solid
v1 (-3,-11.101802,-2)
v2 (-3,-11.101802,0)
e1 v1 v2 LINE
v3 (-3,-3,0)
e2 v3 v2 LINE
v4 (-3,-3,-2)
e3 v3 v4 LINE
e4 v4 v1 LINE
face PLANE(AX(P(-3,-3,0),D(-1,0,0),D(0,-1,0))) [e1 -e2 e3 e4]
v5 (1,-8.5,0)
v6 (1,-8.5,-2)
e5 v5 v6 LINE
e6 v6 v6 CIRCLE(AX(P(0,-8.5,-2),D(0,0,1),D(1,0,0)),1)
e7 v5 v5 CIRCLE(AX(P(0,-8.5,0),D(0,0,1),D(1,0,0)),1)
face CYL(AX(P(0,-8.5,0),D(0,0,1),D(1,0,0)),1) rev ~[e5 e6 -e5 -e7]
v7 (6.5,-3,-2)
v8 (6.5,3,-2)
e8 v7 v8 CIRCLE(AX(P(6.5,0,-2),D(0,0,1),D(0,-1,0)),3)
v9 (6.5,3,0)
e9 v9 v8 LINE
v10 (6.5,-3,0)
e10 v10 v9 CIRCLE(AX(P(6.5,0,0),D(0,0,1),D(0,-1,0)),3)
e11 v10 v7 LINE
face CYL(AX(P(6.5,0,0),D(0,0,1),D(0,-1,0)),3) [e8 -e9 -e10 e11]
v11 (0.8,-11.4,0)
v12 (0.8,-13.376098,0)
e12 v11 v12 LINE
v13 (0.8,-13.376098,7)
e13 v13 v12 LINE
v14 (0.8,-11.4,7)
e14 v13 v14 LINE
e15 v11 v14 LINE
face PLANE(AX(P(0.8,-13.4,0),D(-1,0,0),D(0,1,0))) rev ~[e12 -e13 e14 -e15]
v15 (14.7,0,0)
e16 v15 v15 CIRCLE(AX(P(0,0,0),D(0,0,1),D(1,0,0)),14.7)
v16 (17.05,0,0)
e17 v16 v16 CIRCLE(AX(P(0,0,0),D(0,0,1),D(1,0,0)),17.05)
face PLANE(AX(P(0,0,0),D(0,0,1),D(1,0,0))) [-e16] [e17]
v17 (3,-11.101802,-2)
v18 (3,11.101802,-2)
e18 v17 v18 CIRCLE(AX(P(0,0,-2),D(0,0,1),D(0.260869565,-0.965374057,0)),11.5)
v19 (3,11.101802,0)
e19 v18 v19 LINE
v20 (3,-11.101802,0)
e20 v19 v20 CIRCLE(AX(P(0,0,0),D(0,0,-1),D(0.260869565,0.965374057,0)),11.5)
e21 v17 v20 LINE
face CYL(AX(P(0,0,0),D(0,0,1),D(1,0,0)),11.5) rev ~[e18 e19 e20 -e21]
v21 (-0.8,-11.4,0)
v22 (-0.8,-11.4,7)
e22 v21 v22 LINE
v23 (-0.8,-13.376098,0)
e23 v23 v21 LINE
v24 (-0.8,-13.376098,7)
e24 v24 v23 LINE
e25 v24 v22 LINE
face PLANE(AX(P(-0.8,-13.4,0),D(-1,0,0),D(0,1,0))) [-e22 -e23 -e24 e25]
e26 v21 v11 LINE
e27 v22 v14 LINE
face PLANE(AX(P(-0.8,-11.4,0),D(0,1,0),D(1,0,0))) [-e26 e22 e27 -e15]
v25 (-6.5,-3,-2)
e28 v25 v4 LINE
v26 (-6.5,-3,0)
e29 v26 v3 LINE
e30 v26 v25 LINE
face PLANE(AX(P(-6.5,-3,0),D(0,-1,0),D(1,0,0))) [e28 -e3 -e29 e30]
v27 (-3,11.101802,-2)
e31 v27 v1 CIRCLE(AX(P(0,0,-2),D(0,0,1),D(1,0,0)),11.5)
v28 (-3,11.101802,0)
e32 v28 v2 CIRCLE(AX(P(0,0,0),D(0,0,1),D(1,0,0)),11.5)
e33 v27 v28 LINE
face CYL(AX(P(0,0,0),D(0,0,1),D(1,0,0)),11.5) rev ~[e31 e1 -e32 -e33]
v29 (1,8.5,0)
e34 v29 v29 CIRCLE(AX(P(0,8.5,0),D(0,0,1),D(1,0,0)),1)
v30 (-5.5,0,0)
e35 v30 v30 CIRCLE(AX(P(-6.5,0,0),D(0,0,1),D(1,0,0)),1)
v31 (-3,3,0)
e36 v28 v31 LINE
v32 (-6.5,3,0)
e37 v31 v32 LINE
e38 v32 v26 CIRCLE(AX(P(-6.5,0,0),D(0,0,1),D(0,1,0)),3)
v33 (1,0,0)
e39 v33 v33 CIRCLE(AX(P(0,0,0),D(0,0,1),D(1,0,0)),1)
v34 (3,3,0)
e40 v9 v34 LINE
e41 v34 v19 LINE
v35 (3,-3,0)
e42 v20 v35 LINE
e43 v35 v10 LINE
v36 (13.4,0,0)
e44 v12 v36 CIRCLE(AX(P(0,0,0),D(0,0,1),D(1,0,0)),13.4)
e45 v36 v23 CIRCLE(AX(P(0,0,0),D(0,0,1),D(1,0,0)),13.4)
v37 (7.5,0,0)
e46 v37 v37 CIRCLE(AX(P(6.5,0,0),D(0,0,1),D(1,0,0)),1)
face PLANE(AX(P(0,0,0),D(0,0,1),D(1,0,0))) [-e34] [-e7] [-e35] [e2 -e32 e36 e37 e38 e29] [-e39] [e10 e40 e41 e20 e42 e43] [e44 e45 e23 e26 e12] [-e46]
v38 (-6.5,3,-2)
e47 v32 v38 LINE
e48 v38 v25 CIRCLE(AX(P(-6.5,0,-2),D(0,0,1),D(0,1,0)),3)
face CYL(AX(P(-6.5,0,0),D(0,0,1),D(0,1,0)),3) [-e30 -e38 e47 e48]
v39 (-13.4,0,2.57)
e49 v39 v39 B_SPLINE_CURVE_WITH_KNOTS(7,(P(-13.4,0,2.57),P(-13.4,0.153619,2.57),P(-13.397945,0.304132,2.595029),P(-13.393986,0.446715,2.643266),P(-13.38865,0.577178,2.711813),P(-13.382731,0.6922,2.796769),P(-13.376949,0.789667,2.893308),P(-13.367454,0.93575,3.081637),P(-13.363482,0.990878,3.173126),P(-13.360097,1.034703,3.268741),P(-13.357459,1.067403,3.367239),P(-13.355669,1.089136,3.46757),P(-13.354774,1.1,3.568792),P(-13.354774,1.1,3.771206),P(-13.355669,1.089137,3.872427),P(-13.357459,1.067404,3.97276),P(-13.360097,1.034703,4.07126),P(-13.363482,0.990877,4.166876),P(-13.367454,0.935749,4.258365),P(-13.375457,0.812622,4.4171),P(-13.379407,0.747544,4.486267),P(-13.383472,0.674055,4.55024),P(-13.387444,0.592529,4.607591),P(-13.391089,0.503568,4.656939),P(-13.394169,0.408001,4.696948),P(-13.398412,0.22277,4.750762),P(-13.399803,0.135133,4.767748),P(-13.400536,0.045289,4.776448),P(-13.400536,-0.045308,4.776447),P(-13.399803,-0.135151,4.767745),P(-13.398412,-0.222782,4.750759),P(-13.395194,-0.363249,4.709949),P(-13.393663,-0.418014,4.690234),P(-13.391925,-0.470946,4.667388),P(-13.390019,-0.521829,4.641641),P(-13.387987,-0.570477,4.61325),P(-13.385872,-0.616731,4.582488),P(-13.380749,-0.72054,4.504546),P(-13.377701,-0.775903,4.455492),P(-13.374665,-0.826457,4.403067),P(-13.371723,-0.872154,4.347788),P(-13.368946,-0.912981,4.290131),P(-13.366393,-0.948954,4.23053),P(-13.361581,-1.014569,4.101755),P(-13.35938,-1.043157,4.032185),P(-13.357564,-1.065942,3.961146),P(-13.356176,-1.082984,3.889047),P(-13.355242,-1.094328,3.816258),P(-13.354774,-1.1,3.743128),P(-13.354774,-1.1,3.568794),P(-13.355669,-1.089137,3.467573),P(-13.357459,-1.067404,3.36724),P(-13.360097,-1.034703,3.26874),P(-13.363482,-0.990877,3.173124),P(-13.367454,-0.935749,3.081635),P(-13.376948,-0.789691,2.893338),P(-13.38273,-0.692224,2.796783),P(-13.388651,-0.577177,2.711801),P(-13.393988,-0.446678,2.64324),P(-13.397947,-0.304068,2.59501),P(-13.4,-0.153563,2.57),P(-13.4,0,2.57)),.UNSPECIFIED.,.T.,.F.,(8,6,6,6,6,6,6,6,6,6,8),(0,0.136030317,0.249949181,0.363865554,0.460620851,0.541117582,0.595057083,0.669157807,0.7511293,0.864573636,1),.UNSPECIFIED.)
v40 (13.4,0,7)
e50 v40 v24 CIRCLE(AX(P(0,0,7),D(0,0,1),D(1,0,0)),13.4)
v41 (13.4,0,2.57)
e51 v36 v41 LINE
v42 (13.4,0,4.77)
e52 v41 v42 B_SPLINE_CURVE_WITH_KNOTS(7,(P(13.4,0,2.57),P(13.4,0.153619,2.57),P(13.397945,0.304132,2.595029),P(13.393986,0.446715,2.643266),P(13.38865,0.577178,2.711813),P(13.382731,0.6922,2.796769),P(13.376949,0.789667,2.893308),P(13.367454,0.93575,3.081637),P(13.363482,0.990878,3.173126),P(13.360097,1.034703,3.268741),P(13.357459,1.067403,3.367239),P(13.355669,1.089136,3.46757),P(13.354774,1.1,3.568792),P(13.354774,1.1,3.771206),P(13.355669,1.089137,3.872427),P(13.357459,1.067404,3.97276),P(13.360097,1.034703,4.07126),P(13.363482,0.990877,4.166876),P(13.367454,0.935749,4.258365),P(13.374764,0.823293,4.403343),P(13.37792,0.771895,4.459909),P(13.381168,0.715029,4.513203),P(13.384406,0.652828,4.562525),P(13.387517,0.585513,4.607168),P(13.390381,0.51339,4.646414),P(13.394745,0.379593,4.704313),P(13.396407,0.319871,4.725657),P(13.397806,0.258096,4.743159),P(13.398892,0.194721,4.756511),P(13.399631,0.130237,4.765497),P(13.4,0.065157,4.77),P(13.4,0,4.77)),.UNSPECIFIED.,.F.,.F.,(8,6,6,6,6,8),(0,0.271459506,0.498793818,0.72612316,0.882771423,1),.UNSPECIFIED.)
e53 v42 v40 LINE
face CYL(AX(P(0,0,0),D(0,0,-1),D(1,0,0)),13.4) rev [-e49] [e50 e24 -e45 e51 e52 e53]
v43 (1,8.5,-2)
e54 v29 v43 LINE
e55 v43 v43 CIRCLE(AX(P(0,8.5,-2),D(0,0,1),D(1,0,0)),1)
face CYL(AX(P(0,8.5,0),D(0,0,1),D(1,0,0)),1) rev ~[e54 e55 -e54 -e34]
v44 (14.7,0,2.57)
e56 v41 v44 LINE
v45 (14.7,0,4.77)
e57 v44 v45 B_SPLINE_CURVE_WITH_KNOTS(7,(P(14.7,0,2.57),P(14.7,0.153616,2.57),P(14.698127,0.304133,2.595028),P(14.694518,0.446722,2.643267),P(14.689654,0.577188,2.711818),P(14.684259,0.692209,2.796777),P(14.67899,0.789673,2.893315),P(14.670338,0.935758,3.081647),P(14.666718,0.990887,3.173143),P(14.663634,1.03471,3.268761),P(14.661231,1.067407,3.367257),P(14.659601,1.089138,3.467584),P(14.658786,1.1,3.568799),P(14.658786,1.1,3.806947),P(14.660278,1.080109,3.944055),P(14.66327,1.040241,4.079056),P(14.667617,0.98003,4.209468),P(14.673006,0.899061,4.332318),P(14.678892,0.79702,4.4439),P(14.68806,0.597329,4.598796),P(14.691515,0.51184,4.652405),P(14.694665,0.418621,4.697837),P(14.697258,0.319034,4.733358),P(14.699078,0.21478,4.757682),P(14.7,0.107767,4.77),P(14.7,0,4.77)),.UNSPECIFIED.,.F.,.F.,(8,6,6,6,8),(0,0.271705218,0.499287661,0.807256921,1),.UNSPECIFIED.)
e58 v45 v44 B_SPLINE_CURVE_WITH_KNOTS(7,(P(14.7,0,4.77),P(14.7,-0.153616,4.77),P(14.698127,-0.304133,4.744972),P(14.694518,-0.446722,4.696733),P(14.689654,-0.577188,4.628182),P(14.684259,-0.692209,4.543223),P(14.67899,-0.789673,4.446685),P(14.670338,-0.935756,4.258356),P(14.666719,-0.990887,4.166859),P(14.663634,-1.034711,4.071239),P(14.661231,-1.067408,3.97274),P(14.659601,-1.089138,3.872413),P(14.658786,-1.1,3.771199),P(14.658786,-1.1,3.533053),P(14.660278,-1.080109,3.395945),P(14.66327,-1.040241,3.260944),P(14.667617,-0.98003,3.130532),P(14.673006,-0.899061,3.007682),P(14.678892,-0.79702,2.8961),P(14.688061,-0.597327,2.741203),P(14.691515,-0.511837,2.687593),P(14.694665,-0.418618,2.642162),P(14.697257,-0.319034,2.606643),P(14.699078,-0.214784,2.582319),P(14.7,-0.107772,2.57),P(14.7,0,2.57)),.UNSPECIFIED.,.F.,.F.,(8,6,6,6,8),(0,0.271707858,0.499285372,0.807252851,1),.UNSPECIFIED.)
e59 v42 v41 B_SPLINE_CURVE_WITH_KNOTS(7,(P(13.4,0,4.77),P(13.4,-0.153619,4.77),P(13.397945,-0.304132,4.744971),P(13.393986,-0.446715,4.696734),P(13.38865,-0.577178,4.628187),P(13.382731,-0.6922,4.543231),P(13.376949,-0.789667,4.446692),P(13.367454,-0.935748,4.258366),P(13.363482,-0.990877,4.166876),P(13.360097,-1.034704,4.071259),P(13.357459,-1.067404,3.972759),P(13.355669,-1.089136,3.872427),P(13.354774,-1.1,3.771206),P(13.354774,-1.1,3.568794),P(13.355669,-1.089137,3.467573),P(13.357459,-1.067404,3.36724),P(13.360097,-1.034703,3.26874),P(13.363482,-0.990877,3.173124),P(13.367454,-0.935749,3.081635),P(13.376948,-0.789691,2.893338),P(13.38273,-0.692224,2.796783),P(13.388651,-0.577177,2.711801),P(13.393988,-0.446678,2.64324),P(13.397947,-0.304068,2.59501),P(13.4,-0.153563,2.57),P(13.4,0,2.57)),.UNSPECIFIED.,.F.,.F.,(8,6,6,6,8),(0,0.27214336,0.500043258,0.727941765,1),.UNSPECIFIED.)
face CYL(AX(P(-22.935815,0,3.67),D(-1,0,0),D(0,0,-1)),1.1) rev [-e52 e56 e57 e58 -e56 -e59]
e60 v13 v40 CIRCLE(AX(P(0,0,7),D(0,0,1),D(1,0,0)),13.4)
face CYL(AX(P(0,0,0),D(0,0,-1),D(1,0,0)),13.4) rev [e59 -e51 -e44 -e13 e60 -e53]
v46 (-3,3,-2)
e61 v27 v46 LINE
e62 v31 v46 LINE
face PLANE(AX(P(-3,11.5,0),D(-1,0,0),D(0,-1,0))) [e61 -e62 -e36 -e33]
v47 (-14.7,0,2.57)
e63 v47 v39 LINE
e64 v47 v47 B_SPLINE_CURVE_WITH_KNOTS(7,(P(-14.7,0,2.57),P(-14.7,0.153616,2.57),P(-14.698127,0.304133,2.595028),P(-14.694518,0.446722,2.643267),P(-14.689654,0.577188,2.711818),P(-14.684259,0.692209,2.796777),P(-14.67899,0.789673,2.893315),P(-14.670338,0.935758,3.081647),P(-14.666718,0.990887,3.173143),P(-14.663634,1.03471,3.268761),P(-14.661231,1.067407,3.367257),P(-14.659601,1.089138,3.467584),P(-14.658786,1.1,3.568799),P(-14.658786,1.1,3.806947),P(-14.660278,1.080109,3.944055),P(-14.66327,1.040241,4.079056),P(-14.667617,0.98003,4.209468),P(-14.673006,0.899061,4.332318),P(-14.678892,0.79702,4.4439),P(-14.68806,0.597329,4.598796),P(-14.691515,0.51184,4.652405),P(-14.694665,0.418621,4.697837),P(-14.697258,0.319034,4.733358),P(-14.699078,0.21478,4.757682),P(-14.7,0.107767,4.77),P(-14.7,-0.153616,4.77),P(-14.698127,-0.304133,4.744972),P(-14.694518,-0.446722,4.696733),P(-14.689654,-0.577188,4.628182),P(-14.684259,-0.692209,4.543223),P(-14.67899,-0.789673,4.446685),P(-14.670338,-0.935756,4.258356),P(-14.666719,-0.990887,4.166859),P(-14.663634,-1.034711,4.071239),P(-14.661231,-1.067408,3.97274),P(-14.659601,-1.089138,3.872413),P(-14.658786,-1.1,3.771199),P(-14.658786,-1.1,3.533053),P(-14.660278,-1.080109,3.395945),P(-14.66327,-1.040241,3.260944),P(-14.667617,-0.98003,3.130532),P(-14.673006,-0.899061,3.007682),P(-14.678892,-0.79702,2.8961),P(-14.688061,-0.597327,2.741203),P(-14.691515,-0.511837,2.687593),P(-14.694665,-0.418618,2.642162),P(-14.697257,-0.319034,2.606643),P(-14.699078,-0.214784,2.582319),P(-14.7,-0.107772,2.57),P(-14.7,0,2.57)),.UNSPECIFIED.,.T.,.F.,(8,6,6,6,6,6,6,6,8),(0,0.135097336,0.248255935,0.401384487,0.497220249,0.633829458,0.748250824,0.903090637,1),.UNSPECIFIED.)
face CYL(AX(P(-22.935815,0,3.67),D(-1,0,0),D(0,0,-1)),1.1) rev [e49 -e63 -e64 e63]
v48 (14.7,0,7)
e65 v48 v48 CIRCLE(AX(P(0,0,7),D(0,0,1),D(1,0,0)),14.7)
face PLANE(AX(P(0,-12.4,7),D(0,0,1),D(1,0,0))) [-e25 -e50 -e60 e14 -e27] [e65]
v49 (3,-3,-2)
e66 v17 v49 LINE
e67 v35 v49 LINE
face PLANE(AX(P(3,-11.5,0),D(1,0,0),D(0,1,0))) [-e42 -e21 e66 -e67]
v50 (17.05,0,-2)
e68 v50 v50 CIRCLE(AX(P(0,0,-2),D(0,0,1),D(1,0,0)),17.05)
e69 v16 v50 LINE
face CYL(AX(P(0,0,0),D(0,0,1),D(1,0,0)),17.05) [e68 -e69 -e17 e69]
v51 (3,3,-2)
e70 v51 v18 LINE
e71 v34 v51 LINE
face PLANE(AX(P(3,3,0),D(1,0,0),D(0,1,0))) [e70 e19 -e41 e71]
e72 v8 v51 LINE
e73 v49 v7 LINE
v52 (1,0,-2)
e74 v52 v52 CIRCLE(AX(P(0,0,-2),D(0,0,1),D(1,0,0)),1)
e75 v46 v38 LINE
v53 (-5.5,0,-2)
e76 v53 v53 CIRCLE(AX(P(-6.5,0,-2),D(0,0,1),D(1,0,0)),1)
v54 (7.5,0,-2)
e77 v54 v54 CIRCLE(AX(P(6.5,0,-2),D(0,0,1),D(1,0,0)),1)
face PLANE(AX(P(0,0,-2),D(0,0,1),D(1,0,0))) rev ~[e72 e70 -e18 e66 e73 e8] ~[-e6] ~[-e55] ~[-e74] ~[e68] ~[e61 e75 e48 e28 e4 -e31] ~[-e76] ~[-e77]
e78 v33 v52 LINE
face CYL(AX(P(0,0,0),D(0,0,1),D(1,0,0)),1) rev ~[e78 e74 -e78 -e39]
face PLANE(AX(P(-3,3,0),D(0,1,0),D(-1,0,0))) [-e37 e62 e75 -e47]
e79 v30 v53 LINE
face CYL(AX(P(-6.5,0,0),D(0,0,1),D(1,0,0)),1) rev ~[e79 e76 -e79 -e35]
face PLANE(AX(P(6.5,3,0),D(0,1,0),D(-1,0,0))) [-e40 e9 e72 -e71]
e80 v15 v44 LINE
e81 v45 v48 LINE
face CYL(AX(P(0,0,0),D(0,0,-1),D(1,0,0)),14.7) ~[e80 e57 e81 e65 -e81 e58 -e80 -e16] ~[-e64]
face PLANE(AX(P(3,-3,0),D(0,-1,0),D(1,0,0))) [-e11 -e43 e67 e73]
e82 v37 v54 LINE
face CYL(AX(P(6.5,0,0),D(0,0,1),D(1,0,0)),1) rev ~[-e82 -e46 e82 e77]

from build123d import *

# Parameters (mm, degrees)
SKETCH1_R               = 14.7
SKETCH1_R_2             = 13.4
BOSS_EXTRUDE1_DEPTH     = 7
SKETCH2_W               = 1.6
SKETCH2_H               = 2
BOSS_EXTRUDE2_DEPTH     = 7
CUT_EXTRUDE1_DEPTH      = 22.935815462
CUT_EXTRUDE1_DEPTH_BACK = 22.935815462
SKETCH3_R               = 1.1
SKETCH4_R               = 17.05
SKETCH4_R_2             = 11.5
BOSS_EXTRUDE3_DEPTH     = 2
BOSS_EXTRUDE4_DEPTH     = 2
CUT_EXTRUDE2_REACH      = 27.108
SKETCH6_R               = 1


with BuildPart() as part:
    # Sketch1 → Boss-Extrude1 (new body)
    with BuildSketch(Plane.XY):
        Circle(SKETCH1_R)
        Circle(SKETCH1_R_2, mode=Mode.SUBTRACT)
    extrude(amount=BOSS_EXTRUDE1_DEPTH)

    # Sketch2 → Boss-Extrude2 (add)
    with BuildSketch(Plane.XY):
        with Locations((0, -12.4)):
            Rectangle(SKETCH2_W, SKETCH2_H)
    extrude(amount=BOSS_EXTRUDE2_DEPTH)

    # Sketch3 → Cut-Extrude1 (cut, two sides: drawn at the far end of the back side and taken through both)
    with BuildSketch(Plane(origin=(0, 0, 0), x_dir=(0, 0, -1), z_dir=(1, 0, 0)).offset(-CUT_EXTRUDE1_DEPTH_BACK)):
        with Locations((-3.67, 0)):
            Circle(SKETCH3_R)
    extrude(amount=CUT_EXTRUDE1_DEPTH + CUT_EXTRUDE1_DEPTH_BACK, mode=Mode.SUBTRACT)

    # Sketch4 → Boss-Extrude3 (add)
    with BuildSketch(Plane.XY):
        Circle(SKETCH4_R)
        Circle(SKETCH4_R_2, mode=Mode.SUBTRACT)
    extrude(amount=-BOSS_EXTRUDE3_DEPTH)

    # Sketch5 → Boss-Extrude4 (add)
    with BuildSketch(Plane.XY):
        with BuildLine():
            Line((-6.5, -3), (-3, -3))
            Line((-3, -3), (-3, -11.5))
            Line((-3, -11.5), (3, -11.5))
            Line((3, -11.5), (3, -3))
            Line((3, -3), (6.5, -3))
            ThreePointArc((6.5, -3), (9.5, 0), (6.5, 3))
            Line((6.5, 3), (3, 3))
            Line((3, 3), (3, 11.5))
            Line((3, 11.5), (0, 11.5))
            Line((0, 11.5), (-3, 11.5))
            Line((-3, 11.5), (-3, 3))
            Line((-3, 3), (-6.5, 3))
            ThreePointArc((-6.5, 3), (-9.5, 0), (-6.5, -3))
        make_face()
    extrude(amount=-BOSS_EXTRUDE4_DEPTH)

    # Sketch6 → Cut-Extrude2 (cut, up to next)
    with BuildSketch(Plane.XY, mode=Mode.PRIVATE) as cut_extrude2_sk1:
        Circle(SKETCH6_R)
    cut_extrude2_tool1 = extrude(cut_extrude2_sk1.sketch, amount=-CUT_EXTRUDE2_REACH, mode=Mode.PRIVATE) & part.part
    # Sketch6 → Cut-Extrude2 (cut, up to next)
    with BuildSketch(Plane.XY, mode=Mode.PRIVATE) as cut_extrude2_sk2:
        with Locations((6.5, 0)):
            Circle(SKETCH6_R)
    cut_extrude2_tool2 = extrude(cut_extrude2_sk2.sketch, amount=-CUT_EXTRUDE2_REACH, mode=Mode.PRIVATE) & part.part
    # Sketch6 → Cut-Extrude2 (cut, up to next)
    with BuildSketch(Plane.XY, mode=Mode.PRIVATE) as cut_extrude2_sk3:
        with Locations((-6.5, 0)):
            Circle(SKETCH6_R)
    cut_extrude2_tool3 = extrude(cut_extrude2_sk3.sketch, amount=-CUT_EXTRUDE2_REACH, mode=Mode.PRIVATE) & part.part
    # Sketch6 → Cut-Extrude2 (cut, up to next)
    with BuildSketch(Plane.XY, mode=Mode.PRIVATE) as cut_extrude2_sk4:
        with Locations((0, 8.5)):
            Circle(SKETCH6_R)
    cut_extrude2_tool4 = extrude(cut_extrude2_sk4.sketch, amount=-CUT_EXTRUDE2_REACH, mode=Mode.PRIVATE) & part.part
    # Sketch6 → Cut-Extrude2 (cut, up to next)
    with BuildSketch(Plane.XY, mode=Mode.PRIVATE) as cut_extrude2_sk5:
        with Locations((0, -8.5)):
            Circle(SKETCH6_R)
    cut_extrude2_tool5 = extrude(cut_extrude2_sk5.sketch, amount=-CUT_EXTRUDE2_REACH, mode=Mode.PRIVATE) & part.part
    add(cut_extrude2_tool1.solids().sort_by_distance((0, 0, 0))[0], mode=Mode.SUBTRACT)
    add(cut_extrude2_tool2.solids().sort_by_distance((6.5, 0, 0))[0], mode=Mode.SUBTRACT)
    add(cut_extrude2_tool3.solids().sort_by_distance((-6.5, 0, 0))[0], mode=Mode.SUBTRACT)
    add(cut_extrude2_tool4.solids().sort_by_distance((0, 8.5, 0))[0], mode=Mode.SUBTRACT)
    add(cut_extrude2_tool5.solids().sort_by_distance((0, -8.5, 0))[0], mode=Mode.SUBTRACT)


solid = part.part
